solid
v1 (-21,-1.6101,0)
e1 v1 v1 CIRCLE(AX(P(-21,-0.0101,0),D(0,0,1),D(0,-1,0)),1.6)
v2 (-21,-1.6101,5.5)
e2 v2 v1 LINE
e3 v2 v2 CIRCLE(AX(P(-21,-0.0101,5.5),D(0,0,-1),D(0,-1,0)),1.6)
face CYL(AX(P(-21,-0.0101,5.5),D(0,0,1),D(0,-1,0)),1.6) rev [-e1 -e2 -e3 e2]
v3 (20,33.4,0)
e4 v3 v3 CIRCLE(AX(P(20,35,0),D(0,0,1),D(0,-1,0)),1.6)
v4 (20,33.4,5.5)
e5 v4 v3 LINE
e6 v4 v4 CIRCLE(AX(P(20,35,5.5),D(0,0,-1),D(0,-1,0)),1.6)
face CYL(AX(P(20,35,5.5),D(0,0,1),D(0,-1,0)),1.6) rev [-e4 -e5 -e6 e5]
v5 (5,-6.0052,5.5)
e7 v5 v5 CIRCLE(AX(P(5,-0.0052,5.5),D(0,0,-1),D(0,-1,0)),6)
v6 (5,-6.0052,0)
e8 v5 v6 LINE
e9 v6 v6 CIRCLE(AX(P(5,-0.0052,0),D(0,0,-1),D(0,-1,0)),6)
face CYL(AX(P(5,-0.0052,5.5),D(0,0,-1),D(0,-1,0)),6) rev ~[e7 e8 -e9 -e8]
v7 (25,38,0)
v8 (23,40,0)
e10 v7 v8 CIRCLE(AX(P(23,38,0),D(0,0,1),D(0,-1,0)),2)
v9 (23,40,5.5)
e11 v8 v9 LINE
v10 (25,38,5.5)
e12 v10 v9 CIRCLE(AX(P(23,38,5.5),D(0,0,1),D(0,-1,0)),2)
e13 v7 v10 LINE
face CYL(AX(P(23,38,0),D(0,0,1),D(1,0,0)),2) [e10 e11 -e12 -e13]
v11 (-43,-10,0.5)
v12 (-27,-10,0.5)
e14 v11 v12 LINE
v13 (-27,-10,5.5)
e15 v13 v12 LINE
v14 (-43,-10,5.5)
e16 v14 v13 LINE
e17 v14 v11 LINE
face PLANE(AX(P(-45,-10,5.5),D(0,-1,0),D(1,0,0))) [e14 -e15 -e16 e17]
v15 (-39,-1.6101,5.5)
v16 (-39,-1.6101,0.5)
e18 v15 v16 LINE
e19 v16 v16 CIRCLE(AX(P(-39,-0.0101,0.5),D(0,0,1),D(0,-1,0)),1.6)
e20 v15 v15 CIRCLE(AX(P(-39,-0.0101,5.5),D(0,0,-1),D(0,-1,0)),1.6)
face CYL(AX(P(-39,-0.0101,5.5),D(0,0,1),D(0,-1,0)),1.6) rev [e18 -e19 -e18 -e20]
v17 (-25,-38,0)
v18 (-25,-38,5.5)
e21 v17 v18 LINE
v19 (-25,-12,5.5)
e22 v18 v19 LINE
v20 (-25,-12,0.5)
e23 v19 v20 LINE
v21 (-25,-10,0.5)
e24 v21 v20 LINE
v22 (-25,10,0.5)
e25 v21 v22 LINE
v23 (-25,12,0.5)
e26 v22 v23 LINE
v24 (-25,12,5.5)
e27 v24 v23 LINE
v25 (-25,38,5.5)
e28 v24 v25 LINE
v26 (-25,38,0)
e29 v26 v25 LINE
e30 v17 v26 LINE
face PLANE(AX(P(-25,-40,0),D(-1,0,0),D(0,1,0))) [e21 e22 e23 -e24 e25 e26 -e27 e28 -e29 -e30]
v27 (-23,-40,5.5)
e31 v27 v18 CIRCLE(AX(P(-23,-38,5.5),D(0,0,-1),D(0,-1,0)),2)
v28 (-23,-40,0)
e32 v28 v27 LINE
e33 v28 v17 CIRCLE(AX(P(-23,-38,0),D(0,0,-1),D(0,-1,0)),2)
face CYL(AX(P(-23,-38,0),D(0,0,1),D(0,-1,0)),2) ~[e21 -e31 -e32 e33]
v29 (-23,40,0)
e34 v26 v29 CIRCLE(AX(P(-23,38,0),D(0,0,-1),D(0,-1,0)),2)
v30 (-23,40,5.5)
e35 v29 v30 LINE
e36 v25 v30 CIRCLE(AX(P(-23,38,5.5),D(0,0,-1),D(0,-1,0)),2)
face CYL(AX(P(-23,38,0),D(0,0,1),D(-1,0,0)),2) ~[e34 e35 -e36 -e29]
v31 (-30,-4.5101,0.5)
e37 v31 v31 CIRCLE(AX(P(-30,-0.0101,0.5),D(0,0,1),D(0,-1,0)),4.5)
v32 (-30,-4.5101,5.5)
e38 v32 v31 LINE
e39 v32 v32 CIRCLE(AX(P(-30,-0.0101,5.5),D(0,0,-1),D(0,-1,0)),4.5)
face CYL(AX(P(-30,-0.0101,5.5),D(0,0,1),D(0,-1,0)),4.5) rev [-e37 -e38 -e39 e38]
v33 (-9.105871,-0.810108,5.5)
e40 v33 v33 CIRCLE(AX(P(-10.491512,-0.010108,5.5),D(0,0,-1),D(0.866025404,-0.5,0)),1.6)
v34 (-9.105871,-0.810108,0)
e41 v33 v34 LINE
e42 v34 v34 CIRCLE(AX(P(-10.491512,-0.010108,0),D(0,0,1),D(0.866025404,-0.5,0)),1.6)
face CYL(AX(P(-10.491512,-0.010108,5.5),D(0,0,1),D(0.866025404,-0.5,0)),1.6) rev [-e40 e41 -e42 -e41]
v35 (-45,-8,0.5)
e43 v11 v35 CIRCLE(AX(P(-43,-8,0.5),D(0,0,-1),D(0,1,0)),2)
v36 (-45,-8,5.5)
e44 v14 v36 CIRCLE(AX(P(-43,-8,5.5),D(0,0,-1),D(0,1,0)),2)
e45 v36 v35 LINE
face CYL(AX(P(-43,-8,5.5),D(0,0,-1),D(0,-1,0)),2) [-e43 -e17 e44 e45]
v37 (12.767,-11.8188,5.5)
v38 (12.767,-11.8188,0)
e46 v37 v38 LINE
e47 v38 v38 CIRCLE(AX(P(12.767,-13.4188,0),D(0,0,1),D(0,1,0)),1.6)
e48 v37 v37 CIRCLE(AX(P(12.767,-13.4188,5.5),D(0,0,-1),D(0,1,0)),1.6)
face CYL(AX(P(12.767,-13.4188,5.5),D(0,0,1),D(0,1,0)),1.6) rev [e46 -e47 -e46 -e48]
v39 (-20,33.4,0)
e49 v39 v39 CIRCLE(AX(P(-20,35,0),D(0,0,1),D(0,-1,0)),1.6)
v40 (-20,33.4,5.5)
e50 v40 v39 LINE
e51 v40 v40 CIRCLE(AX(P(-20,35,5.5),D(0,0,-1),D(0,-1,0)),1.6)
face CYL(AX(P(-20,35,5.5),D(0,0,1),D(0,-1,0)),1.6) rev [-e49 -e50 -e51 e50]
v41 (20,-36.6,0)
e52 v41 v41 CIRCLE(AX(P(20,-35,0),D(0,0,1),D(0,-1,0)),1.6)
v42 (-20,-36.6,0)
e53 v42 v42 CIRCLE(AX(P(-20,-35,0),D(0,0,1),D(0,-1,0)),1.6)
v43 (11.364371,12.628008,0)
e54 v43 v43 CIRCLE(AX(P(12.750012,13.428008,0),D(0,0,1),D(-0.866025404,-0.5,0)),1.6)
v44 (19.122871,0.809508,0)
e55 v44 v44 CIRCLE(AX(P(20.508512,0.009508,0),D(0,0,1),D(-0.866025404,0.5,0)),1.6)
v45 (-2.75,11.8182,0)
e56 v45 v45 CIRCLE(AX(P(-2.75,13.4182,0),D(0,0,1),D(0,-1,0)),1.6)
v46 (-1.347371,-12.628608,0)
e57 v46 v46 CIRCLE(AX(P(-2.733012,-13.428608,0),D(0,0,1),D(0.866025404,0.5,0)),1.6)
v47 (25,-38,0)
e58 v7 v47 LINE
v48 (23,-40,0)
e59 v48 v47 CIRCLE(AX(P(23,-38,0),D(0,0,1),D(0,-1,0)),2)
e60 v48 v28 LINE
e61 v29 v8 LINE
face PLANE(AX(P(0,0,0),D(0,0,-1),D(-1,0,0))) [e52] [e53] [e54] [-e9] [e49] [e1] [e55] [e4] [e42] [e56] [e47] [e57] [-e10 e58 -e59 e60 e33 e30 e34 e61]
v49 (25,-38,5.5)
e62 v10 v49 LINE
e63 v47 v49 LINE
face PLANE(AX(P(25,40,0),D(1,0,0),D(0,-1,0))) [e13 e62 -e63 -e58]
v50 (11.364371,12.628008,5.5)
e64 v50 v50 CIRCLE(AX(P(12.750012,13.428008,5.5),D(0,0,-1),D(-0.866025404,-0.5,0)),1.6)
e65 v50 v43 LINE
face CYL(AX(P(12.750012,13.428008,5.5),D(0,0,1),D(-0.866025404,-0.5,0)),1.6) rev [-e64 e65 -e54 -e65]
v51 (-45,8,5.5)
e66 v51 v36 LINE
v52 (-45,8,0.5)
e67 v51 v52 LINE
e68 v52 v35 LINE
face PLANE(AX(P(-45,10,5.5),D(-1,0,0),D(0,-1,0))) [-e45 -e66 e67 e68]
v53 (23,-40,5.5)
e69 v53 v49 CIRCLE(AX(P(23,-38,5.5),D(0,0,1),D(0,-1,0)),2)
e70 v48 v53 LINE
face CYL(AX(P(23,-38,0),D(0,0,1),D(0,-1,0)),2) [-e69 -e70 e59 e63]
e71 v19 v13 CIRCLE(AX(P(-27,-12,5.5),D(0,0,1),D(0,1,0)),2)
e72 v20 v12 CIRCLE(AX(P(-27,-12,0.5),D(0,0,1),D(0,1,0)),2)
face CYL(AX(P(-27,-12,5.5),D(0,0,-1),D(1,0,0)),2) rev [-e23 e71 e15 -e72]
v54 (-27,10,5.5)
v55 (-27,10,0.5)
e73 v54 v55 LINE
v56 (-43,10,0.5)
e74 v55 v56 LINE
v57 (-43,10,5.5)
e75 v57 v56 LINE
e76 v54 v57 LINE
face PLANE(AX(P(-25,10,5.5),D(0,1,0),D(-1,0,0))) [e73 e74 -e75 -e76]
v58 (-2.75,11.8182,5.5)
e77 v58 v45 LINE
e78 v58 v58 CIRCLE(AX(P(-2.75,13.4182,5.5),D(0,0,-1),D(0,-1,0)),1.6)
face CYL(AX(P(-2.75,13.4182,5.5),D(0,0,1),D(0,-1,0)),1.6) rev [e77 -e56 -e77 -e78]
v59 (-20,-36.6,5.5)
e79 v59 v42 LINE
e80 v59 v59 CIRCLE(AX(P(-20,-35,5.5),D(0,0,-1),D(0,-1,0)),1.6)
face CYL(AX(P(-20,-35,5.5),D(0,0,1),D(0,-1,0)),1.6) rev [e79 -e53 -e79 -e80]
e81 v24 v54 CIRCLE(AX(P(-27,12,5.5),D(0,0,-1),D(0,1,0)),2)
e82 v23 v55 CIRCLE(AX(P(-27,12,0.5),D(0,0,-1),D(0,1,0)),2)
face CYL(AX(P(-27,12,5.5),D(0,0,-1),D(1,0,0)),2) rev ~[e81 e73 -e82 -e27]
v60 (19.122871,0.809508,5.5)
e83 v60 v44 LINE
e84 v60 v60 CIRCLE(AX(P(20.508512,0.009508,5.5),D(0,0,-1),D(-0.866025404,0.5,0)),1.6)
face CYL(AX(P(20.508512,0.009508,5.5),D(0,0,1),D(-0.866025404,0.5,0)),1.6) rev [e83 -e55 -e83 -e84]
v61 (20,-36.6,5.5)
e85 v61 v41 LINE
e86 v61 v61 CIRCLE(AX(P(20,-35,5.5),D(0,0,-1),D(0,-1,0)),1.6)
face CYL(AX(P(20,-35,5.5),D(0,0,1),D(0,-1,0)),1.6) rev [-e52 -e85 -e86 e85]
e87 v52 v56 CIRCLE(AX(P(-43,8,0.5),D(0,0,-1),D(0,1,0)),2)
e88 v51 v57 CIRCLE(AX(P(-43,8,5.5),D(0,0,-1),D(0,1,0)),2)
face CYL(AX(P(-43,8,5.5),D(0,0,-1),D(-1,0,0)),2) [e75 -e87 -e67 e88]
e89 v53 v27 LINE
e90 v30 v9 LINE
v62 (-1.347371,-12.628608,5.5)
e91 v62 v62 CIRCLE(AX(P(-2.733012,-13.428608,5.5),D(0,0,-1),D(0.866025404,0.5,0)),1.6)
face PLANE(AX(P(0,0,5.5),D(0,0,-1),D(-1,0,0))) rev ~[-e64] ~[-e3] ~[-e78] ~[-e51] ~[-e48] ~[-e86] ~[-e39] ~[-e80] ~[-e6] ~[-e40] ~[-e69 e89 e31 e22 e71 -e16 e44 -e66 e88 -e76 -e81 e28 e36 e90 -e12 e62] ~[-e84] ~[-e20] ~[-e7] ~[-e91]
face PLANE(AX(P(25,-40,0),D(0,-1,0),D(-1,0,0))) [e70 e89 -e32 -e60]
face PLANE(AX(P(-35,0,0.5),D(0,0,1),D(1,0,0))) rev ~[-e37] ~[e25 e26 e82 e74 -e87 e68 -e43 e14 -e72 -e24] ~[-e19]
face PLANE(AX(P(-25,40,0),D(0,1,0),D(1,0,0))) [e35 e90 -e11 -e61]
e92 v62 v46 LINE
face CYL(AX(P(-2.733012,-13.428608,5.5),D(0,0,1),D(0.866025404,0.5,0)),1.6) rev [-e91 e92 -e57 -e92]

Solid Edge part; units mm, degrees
sketch "Sketch1" plane through (0, 0, 0) normal (0, 0, 1) x (1, 0, 0)
  line L0 (25, -40) -> (-25, -40)
  line L1 (-25, -40) -> (-25, 40)
  line L2 (-25, 40) -> (25, 40)
  line L3 (25, 40) -> (25, -40)
  dimension "D1" = 50
  dimension "D2" = 80
extrude "Protrusion1" add sketch "Sketch1" along normal blind 5.5
hole "Hole_1" at (5, -0.0052, 5.5) direction (0, 0, -1) diameter 12 depth 140
hole "Hole_2" at (-2.75, 13.4182, 5.5) direction (0, 0, -1) diameter 3.2 end through all
pattern_circular "Pattern1" count 6 over 360 about axis through (5.0085, -0.0003, 5.5) along (0, 0, -1) of "Hole_2"
hole "Hole_8" at (-20, -35, 5.5) direction (0, 0, -1) diameter 3.2 end through all
hole "Hole6" at (-20, 35, 5.5) direction (0, 0, -1) diameter 3.2 end through all
hole "Hole7" at (20, 35, 5.5) direction (0, 0, -1) diameter 3.2 end through all
hole "Hole8" at (20, -35, 5.5) direction (0, 0, -1) diameter 3.2 end through all
fillet "Round_1" radius 2 4 edges at (25, 40, 2.75) (-25, 40, 2.75) (-25, -40, 2.75) (25, -40, 2.75)
sketch "Sketch2" plane through (0, 0, 5.5) normal (0, 0, 1) x (-1, 0, 0)
  line L0 (25, -10) -> (45, -10)
  line L1 (45, -10) -> (45, 10)
  line L2 (45, 10) -> (25, 10)
  line L3 (25, 10) -> (25, -10)
  dimension "D1" = 20
  dimension "D2" = 20
extrude "ExtrudedProtrusion_2" add sketch "Sketch2" against normal blind 5
hole "Hole_12" at (-30, -0.0101, 5.5) direction (0, 0, -1) diameter 9 end up to next
hole "Hole_13" at (-39, -0.0101, 5.5) direction (0, 0, -1) diameter 3.2 end up to next
hole "Hole9" at (-21, -0.0101, 5.5) direction (0, 0, -1) diameter 3.2 end up to next
fillet "Round_2" radius 2 4 edges at (-25, -10, 3) (-45, -10, 3) (-45, 10, 3) (-25, 10, 3)
properties material "木材, アッシュ"
